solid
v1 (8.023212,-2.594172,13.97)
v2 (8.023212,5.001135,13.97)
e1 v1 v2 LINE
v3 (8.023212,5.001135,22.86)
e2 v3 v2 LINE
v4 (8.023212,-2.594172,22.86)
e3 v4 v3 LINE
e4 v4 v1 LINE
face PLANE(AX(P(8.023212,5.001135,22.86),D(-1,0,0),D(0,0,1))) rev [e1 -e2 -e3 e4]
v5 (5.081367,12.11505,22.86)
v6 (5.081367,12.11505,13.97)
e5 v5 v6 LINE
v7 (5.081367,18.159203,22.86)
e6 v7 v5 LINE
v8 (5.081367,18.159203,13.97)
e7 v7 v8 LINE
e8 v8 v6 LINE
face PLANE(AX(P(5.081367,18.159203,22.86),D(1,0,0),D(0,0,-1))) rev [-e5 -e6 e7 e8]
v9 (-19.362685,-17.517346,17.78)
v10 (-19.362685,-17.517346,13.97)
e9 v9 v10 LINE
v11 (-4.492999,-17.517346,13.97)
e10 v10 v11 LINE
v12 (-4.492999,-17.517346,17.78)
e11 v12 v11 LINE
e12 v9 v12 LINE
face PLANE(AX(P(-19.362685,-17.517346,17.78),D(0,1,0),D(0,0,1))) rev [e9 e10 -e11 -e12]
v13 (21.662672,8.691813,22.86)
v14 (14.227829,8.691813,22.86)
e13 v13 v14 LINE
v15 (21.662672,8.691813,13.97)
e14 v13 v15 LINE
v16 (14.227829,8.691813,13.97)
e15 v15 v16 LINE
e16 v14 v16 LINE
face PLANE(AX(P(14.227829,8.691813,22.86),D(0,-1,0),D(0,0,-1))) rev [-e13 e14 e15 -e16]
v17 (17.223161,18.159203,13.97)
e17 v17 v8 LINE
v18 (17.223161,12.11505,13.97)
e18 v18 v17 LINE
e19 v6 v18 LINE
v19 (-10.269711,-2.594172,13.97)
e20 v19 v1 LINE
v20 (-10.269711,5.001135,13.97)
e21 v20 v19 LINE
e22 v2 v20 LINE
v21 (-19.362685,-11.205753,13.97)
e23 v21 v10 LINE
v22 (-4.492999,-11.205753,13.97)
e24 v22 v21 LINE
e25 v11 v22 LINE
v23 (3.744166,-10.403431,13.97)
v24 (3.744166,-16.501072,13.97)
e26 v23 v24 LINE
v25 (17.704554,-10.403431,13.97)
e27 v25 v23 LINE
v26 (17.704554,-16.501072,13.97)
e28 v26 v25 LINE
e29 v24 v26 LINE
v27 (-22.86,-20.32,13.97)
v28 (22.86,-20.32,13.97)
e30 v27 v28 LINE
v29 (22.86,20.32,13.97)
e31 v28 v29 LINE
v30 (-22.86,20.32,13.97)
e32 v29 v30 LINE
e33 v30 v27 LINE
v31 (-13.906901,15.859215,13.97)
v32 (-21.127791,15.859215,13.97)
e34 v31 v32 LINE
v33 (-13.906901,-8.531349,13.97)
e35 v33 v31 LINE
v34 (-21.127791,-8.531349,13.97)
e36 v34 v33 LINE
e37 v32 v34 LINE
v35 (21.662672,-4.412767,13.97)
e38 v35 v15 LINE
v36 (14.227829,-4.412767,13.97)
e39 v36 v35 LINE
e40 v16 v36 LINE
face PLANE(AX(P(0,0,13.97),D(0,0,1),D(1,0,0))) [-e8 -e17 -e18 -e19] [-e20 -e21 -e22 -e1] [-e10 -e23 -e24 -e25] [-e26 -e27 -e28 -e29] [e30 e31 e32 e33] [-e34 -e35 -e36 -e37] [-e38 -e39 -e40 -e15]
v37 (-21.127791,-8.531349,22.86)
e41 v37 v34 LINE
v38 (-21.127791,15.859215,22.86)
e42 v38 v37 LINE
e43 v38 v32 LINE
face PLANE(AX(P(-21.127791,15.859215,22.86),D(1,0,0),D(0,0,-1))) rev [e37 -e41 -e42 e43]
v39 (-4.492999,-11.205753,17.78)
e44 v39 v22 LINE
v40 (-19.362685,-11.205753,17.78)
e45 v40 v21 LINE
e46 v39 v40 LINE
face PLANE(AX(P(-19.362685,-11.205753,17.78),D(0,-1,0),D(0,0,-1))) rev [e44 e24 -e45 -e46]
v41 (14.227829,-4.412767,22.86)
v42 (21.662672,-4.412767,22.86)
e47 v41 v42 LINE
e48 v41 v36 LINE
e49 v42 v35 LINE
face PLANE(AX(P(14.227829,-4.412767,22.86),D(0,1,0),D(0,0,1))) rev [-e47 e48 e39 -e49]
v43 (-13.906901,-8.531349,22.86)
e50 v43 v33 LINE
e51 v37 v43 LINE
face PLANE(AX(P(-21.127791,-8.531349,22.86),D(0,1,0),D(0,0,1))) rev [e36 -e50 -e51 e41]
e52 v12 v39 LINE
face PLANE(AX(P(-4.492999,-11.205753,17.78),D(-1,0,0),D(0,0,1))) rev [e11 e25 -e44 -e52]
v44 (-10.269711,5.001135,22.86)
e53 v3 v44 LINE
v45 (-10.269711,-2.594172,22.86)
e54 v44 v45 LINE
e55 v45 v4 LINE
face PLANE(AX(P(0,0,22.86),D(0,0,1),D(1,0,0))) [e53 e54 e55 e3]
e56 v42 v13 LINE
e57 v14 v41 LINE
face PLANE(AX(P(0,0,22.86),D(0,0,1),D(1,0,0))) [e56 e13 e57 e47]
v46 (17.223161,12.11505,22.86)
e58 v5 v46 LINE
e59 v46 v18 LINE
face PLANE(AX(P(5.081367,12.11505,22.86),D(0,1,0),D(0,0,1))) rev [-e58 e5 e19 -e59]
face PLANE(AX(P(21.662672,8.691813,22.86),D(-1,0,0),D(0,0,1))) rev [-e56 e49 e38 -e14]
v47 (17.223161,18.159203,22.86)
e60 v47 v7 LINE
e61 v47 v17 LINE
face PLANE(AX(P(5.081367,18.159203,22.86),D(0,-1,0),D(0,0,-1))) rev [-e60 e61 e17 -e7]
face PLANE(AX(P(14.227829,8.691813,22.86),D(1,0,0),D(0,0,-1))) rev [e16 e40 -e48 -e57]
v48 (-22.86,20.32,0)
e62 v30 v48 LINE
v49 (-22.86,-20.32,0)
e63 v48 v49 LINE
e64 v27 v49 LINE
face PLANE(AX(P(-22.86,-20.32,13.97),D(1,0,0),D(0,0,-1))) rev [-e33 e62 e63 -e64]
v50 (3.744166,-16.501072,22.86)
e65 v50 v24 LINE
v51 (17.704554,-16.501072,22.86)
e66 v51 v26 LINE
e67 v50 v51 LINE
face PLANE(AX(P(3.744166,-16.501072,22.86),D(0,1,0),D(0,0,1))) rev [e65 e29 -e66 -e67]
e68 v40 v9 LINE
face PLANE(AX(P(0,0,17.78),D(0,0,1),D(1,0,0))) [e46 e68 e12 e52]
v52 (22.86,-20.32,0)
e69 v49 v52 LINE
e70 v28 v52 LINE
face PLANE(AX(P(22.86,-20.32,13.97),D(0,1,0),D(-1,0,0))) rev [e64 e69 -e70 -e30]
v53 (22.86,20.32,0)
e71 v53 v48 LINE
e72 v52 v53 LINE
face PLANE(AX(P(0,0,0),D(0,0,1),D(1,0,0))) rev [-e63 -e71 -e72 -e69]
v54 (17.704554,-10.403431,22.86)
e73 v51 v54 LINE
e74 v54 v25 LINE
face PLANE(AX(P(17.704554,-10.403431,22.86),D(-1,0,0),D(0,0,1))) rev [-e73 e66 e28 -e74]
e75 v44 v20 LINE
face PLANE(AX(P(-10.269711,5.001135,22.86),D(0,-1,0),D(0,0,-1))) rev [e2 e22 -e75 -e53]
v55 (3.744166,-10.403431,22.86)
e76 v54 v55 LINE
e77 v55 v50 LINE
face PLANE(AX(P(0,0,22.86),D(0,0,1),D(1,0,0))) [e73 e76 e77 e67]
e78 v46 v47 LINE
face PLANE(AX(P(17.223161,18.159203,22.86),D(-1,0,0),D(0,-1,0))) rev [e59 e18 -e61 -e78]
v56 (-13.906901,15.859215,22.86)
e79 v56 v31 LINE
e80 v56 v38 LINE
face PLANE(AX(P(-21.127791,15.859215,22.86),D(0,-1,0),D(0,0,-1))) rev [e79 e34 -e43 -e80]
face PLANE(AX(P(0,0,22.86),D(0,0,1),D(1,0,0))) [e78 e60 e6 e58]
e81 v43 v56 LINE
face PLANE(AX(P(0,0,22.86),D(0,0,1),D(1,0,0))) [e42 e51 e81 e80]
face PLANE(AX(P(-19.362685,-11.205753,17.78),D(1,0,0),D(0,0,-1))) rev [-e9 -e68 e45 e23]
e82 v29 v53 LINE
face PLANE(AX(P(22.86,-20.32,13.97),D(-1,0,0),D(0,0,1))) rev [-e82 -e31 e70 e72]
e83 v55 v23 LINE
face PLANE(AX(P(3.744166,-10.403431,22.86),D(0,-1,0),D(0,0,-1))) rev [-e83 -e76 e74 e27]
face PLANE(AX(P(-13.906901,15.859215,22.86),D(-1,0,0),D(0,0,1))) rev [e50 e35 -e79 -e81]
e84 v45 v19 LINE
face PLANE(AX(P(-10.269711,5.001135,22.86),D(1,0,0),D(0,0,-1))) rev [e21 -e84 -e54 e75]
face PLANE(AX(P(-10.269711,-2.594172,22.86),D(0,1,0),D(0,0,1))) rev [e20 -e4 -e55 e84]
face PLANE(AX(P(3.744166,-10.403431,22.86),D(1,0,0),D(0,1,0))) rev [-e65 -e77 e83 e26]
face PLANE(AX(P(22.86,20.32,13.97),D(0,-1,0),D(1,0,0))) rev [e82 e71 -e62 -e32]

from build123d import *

# Parameters (mm, degrees)
SKETCH1_W           = 45.72
SKETCH1_H           = 40.64
BOSS_EXTRUDE1_DEPTH = 13.97
SKETCH2_W           = 7.220890655
SKETCH2_H           = 24.390563991
SKETCH2_W_2         = 12.141793916
SKETCH2_H_2         = 6.044152918
SKETCH2_W_3         = 7.434842971
SKETCH2_H_3         = 13.104579336
SKETCH2_W_4         = 13.960388599
SKETCH2_H_4         = 6.097640998
BOSS_EXTRUDE2_DEPTH = 8.89
SKETCH3_W           = 18.292922993
SKETCH3_H           = 7.595307208
BOSS_EXTRUDE3_DEPTH = 8.89
SKETCH4_W           = 14.869685941
SKETCH4_H           = 6.311593313
BOSS_EXTRUDE4_DEPTH = 3.81


with BuildPart() as part:
    # Sketch1 → Boss-Extrude1 (new body)
    with BuildSketch(Plane.XY):
        Rectangle(SKETCH1_W, SKETCH1_H)
    extrude(amount=BOSS_EXTRUDE1_DEPTH)

    # Sketch2 → Boss-Extrude2 (add)
    with BuildSketch(Plane.XY.offset(13.97)):
        with Locations((-17.517345848, 3.663933406)):
            Rectangle(SKETCH2_W, SKETCH2_H)
        with Locations((11.152264456, 15.137126336)):
            Rectangle(SKETCH2_W_2, SKETCH2_H_2)
        with Locations((17.94525048, 2.139523157)):
            Rectangle(SKETCH2_W_3, SKETCH2_H_3)
        with Locations((10.724359825, -13.45225185)):
            Rectangle(SKETCH2_W_4, SKETCH2_H_4)
    extrude(amount=BOSS_EXTRUDE2_DEPTH)

    # Sketch3 → Boss-Extrude3 (add)
    with BuildSketch(Plane.XY.offset(13.97)):
        with Locations((-1.123249658, 1.203481776)):
            Rectangle(SKETCH3_W, SKETCH3_H)
    extrude(amount=BOSS_EXTRUDE3_DEPTH)

    # Sketch4 → Boss-Extrude4 (add)
    with BuildSketch(Plane.XY.offset(13.97)):
        with Locations((-11.927841601, -14.361549191)):
            Rectangle(SKETCH4_W, SKETCH4_H)
    extrude(amount=BOSS_EXTRUDE4_DEPTH)


solid = part.part
